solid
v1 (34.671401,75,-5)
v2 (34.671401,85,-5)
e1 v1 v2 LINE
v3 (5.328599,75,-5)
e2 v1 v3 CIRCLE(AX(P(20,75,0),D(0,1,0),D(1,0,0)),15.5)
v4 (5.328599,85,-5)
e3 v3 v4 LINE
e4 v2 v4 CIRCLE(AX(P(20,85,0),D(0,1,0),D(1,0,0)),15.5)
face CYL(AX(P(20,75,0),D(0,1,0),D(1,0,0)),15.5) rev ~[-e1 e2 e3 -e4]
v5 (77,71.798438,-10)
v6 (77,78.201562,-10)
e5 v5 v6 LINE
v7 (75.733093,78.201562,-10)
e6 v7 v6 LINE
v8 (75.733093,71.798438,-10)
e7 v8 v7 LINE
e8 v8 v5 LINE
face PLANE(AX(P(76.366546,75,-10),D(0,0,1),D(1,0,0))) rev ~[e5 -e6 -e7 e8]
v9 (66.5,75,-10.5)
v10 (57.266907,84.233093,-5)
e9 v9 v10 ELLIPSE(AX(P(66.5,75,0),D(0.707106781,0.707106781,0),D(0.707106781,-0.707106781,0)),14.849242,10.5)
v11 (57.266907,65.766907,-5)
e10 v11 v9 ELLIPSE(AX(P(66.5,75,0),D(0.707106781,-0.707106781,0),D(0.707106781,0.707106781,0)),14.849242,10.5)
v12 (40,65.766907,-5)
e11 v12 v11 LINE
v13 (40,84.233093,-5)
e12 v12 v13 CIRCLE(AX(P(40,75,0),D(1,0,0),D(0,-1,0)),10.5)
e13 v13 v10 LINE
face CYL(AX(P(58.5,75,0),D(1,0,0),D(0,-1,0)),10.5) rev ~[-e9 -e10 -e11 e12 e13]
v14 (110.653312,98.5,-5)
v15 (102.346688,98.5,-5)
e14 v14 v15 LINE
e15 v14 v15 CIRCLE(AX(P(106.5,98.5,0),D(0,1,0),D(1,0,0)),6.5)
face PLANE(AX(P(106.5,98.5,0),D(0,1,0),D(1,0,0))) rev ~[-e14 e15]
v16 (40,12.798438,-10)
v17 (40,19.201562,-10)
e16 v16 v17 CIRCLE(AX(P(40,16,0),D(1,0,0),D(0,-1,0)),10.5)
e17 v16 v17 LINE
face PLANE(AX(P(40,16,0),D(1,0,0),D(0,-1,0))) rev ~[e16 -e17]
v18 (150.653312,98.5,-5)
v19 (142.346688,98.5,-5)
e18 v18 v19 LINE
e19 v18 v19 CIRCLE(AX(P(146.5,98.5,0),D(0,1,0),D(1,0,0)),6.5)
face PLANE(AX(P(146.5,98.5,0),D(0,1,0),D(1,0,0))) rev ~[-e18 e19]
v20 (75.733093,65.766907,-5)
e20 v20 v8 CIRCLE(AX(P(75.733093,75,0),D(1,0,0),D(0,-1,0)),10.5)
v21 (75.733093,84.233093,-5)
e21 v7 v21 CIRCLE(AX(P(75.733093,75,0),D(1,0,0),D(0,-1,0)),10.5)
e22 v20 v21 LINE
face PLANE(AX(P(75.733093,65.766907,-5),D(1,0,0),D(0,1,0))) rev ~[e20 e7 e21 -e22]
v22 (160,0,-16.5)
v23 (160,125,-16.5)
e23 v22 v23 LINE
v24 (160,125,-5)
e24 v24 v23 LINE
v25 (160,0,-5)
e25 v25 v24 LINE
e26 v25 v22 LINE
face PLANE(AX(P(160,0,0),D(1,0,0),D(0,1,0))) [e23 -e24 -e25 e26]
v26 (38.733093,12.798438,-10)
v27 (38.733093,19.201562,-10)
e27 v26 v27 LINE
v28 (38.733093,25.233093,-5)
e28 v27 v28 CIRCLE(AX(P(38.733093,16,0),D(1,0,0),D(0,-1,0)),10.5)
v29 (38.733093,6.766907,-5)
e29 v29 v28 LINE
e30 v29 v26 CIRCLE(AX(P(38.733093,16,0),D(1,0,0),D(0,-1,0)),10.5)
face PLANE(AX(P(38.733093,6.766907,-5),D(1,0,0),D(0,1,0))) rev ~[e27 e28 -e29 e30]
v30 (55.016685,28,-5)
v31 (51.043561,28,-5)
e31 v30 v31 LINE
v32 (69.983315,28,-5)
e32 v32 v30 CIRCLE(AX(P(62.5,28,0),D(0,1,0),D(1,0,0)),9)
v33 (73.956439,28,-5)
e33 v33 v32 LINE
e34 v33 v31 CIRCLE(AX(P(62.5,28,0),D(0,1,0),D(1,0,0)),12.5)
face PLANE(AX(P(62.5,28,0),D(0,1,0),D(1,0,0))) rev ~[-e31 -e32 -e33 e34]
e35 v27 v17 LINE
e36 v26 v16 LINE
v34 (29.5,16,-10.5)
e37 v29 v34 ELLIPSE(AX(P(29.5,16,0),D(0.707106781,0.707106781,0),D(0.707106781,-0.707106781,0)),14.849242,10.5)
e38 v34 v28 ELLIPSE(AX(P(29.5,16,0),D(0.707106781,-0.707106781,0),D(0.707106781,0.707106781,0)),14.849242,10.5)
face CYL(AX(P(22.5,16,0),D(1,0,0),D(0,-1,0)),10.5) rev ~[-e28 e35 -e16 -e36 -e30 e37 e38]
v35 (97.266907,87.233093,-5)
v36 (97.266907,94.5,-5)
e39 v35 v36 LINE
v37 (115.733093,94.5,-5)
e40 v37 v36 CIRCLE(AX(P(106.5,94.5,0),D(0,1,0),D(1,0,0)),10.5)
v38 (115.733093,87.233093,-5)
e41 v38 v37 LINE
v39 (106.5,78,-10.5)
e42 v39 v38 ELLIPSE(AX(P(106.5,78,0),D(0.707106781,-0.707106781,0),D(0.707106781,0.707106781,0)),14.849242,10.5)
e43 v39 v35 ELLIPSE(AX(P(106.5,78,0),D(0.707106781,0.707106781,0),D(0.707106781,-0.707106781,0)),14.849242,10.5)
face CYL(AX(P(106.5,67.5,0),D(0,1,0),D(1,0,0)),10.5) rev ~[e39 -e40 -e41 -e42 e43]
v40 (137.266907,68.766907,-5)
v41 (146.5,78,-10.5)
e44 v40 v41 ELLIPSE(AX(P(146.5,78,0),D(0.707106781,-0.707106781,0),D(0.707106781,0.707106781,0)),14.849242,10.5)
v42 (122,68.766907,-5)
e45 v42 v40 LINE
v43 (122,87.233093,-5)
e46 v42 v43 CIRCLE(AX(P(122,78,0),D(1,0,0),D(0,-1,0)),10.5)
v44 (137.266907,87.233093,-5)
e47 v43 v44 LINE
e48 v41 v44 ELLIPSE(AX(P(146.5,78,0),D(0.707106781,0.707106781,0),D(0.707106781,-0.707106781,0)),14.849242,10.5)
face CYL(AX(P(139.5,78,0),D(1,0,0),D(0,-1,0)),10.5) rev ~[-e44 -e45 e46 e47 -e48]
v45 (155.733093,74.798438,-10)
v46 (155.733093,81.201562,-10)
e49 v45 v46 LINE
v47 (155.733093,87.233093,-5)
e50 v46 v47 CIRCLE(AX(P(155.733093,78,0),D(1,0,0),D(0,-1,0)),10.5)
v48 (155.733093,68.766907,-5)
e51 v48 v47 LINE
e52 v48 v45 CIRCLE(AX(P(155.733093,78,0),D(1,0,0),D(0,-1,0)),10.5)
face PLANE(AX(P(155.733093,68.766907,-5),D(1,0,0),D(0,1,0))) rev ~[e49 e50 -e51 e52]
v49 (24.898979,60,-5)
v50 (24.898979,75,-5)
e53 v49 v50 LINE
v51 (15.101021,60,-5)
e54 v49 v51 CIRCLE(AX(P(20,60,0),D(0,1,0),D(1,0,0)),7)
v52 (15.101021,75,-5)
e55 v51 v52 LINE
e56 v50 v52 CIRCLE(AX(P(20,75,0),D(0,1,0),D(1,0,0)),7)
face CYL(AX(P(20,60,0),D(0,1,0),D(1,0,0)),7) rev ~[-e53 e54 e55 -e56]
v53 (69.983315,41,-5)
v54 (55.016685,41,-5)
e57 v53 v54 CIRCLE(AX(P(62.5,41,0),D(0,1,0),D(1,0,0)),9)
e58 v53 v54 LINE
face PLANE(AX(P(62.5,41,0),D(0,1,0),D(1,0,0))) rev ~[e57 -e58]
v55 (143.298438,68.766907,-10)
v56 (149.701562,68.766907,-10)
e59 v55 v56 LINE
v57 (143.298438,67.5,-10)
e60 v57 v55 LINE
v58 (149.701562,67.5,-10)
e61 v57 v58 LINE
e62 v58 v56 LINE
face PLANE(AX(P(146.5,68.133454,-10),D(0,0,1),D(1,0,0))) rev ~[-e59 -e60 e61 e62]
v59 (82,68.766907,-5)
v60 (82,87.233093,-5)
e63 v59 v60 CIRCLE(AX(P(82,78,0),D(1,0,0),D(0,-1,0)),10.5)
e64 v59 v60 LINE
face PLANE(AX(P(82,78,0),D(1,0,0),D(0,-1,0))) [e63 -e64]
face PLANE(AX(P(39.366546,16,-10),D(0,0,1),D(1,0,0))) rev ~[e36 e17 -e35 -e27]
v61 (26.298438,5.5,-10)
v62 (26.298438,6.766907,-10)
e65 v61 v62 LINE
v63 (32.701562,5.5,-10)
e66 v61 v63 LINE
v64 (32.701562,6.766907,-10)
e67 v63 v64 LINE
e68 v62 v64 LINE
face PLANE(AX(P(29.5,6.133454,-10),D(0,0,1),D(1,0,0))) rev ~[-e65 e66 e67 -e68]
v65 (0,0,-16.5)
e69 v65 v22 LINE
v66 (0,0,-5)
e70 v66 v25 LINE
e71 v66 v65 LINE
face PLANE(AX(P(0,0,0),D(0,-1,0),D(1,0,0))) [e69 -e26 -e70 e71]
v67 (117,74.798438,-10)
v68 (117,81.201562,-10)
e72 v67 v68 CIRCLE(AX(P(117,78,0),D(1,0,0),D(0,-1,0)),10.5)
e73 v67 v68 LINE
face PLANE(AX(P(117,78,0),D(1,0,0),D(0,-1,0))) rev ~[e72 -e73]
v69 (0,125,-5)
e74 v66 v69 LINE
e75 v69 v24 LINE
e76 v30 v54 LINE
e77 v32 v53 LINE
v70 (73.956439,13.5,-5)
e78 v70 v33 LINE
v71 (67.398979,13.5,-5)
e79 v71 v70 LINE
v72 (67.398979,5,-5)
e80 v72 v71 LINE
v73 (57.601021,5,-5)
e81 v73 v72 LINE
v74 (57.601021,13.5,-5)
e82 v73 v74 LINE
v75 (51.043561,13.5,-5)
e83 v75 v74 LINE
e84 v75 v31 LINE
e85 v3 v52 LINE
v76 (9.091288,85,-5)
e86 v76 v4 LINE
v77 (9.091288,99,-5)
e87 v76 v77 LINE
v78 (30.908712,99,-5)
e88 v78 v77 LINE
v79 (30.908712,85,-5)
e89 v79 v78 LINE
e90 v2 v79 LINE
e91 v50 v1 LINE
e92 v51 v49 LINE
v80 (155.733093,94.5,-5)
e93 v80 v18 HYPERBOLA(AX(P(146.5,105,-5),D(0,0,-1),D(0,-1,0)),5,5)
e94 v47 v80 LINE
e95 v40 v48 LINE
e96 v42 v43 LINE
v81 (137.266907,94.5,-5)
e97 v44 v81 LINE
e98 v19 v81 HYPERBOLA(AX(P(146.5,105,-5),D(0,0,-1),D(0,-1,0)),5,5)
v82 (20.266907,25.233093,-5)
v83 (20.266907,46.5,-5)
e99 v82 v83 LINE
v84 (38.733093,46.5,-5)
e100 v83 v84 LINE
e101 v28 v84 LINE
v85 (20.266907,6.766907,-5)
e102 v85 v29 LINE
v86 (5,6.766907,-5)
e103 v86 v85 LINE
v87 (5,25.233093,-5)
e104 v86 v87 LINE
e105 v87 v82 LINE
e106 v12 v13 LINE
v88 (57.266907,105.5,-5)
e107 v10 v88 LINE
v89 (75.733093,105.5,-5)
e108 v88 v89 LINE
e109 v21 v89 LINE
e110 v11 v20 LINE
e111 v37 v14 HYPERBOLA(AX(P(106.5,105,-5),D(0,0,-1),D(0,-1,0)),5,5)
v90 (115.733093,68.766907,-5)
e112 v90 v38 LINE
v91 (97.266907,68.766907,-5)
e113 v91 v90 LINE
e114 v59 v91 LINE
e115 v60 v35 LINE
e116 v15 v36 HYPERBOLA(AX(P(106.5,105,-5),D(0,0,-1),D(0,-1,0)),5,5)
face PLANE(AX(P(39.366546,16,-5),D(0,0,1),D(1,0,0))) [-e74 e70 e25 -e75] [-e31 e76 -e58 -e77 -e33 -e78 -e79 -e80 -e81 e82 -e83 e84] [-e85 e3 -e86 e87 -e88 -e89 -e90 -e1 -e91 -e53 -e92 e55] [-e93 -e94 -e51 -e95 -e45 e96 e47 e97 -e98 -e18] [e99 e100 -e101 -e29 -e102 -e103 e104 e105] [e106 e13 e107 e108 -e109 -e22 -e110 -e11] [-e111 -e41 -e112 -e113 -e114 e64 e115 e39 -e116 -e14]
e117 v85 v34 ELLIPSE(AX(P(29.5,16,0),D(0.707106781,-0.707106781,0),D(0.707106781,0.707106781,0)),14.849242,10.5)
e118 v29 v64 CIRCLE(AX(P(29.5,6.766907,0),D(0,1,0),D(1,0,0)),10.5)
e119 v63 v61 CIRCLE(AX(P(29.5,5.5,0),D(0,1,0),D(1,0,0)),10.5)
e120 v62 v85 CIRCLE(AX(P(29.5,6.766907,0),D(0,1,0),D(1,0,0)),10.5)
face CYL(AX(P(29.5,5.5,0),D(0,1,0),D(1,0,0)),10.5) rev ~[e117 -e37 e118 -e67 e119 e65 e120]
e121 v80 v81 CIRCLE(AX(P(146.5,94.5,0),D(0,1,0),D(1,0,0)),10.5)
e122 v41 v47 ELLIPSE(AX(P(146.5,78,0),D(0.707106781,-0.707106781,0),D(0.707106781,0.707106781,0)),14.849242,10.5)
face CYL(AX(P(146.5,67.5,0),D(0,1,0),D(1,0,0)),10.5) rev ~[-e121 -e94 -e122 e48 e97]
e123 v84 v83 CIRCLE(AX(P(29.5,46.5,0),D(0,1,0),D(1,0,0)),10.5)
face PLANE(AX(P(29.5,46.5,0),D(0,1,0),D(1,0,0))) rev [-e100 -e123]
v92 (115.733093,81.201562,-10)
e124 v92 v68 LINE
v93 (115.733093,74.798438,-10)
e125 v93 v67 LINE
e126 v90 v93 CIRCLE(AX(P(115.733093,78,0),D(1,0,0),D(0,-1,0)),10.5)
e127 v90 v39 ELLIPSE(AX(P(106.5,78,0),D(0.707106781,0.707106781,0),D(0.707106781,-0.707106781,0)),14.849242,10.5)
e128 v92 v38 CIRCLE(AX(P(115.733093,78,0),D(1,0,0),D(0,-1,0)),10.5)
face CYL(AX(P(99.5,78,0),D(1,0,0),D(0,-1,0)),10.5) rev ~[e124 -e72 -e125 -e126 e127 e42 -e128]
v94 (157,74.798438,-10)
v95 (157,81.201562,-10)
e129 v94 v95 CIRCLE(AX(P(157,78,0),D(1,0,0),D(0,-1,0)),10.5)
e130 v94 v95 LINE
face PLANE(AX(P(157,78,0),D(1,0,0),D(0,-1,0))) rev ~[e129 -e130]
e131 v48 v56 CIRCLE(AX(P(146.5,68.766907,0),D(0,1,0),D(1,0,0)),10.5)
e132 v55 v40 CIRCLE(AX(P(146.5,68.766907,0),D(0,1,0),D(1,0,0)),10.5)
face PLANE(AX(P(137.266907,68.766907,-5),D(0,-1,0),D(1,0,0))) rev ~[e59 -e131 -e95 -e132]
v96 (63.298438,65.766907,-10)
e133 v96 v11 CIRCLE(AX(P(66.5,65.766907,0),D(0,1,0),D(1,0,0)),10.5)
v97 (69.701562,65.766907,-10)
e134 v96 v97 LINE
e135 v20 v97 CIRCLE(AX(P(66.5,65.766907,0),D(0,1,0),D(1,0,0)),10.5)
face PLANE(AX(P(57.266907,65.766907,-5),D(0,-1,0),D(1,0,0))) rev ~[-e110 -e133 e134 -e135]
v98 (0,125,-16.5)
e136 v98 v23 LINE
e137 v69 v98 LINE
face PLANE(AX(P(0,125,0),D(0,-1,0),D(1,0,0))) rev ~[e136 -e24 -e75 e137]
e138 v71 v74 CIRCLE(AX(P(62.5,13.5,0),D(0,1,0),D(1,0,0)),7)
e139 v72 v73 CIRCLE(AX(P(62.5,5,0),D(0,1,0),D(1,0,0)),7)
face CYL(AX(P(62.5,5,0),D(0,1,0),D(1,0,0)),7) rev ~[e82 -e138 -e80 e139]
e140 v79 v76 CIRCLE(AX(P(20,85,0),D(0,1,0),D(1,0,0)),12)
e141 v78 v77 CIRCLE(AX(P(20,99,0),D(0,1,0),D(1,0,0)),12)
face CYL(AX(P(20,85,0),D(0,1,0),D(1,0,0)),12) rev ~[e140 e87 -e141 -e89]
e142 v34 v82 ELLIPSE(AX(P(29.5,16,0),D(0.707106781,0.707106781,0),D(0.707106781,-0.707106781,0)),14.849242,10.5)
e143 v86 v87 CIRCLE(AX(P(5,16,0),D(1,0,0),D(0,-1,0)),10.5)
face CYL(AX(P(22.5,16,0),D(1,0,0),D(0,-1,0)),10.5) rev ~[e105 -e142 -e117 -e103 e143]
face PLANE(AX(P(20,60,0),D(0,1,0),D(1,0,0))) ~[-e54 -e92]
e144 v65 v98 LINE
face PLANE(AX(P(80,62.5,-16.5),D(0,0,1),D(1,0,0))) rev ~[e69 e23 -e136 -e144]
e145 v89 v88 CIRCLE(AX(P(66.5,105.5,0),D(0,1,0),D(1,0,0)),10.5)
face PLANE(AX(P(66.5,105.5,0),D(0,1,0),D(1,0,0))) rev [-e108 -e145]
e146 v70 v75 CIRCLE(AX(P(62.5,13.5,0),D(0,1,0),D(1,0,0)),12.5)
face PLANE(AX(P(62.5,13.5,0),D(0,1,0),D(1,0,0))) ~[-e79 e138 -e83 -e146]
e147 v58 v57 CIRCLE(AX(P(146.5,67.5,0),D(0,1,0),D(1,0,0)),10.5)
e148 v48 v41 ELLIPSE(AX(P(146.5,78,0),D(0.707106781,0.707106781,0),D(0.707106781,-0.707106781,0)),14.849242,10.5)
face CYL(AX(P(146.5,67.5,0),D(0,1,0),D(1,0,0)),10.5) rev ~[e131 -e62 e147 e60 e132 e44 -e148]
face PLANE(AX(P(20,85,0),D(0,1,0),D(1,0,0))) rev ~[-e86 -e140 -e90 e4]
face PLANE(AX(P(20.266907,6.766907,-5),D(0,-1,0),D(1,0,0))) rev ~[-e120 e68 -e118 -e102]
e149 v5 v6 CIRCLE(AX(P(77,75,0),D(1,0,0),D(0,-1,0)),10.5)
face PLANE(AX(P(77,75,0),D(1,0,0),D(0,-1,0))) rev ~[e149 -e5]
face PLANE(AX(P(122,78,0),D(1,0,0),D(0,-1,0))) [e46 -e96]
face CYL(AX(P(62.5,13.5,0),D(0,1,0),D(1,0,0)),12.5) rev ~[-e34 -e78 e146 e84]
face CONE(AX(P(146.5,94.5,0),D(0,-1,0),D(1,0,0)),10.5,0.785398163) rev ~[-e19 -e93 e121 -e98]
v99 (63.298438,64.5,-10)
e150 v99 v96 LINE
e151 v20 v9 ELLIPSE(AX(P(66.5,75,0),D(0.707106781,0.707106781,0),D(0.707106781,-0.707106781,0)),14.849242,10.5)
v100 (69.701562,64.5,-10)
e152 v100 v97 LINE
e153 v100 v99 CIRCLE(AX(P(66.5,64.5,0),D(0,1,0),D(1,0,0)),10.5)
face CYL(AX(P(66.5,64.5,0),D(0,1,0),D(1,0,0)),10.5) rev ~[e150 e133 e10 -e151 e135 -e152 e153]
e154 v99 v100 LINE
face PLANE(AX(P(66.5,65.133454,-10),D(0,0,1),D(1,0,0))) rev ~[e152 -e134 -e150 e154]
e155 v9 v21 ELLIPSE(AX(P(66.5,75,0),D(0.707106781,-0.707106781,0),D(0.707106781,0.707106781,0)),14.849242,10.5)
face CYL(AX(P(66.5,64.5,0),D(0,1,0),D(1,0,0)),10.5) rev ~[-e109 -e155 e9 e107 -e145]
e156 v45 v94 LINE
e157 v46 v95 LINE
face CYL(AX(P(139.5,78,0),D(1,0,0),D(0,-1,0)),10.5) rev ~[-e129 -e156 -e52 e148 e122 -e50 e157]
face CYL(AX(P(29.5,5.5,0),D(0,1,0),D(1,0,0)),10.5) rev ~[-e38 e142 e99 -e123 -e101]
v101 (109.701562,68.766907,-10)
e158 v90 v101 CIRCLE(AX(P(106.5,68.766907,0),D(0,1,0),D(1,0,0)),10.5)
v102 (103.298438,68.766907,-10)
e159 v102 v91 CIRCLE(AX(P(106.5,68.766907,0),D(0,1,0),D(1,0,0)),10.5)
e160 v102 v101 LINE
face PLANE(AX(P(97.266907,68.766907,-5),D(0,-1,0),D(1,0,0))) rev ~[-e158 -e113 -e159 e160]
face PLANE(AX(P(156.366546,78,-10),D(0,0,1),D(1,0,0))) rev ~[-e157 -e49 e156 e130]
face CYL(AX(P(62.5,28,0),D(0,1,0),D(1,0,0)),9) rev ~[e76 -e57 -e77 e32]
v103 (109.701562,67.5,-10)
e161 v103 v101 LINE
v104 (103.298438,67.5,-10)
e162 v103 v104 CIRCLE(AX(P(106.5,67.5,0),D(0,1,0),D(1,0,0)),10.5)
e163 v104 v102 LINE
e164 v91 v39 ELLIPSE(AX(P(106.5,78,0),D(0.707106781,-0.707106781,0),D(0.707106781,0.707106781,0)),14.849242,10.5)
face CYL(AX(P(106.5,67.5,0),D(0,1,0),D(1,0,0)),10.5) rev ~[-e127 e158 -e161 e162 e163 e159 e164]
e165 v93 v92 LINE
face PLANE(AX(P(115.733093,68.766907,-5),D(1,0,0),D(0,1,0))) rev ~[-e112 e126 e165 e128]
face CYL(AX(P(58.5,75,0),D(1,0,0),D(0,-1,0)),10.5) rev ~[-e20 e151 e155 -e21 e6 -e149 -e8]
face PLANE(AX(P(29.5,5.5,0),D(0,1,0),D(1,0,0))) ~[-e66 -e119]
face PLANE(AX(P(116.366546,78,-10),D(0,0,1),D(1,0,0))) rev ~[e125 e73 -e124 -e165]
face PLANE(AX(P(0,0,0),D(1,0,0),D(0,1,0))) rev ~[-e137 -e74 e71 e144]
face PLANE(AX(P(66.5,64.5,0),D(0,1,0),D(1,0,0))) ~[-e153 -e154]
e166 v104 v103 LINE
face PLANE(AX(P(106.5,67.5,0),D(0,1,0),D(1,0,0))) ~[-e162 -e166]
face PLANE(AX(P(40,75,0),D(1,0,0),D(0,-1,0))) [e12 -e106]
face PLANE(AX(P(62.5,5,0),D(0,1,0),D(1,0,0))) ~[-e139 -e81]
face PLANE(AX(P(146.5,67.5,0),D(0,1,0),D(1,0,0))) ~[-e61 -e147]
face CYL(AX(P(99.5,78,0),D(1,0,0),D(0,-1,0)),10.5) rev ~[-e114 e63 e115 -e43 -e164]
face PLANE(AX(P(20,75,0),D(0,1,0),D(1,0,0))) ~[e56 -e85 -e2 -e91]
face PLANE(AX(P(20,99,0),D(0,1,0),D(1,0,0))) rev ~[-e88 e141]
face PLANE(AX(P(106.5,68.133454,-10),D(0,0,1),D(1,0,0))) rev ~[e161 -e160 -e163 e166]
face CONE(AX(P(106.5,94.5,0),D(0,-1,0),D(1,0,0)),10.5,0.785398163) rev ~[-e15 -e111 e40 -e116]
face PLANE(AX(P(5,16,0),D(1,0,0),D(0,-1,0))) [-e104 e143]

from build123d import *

# Parameters (mm, degrees)
F0_W      = 160
F0_H      = 125
F1_DEPTH  = 16.5
F4_W      = 35
F4_H      = 10.5
F6_W      = 37
F6_H      = 10.5
F8_W      = 10.5
F8_H      = 20
F8_H_2    = 21
F10_W     = 35
F10_H     = 10.5
F12_W     = 10.5
F12_H     = 21
F14_W     = 10.5
F14_H     = 21
F16_W     = 10.5
F16_H     = 20
F16_H_2   = 21
F20_W     = 160
F20_H     = 5
F21_DEPTH = 160
F22_W     = 1.2669073437
F22_H     = 18.4661853126
F22_W_2   = 18.4661853126
F22_H_2   = 1.2669073437
F23_DEPTH = 5


with BuildPart() as f1:
    # F0 (on Top) → F1 (new body)
    with BuildSketch(Plane.XY):
        with Locations((80, 62.5)):
            Rectangle(F0_W, F0_H)
    extrude(amount=-F1_DEPTH)

    # F2 (on face) → F3 (revolve, cut)
    with BuildSketch(Plane.XY):
        Polygon((20, 75), (20, 60), (27, 60), (27, 75), (35.5, 75), (35.5, 85), (32, 85), (32, 99), (24.5, 99), (24.5, 113), (20, 113), (20, 99), (20, 85), align=None)
    revolve(axis=Axis((20, 92, 0), (0, 1, 0)), mode=Mode.SUBTRACT)

    # F4 (on face) → F5 (revolve, cut)
    with BuildSketch(Plane.XY):
        with Locations((22.5, 10.75)):
            Rectangle(F4_W, F4_H)
    revolve(axis=Axis((22.5, 16, 0), (1, 0, 0)), mode=Mode.SUBTRACT)

    # F6 (on face) → F7 (revolve, cut)
    with BuildSketch(Plane.XY):
        with Locations((58.5, 69.75)):
            Rectangle(F6_W, F6_H)
    revolve(axis=Axis((58.5, 75, 0), (1, 0, 0)), mode=Mode.SUBTRACT)

    # F8 (on face) → F9 (revolve, cut)
    with BuildSketch(Plane.XY):
        with Locations((71.75, 95.5)):
            Rectangle(F8_W, F8_H)
        with Locations((71.75, 75)):
            Rectangle(F8_W, F8_H_2)
    revolve(axis=Axis((66.5, 85, 0), (0, 1, 0)), mode=Mode.SUBTRACT)

    # F10 (on face) → F11 (revolve, cut)
    with BuildSketch(Plane.XY):
        with Locations((99.5, 72.75)):
            Rectangle(F10_W, F10_H)
        with Locations((139.5, 72.75)):
            Rectangle(F10_W, F10_H)
    revolve(axis=Axis((99.5, 78, 0), (1, 0, 0)), mode=Mode.SUBTRACT)

    # F12 (on face) → F13 (revolve, cut)
    with BuildSketch(Plane.XY):
        Polygon((106.5, 88.5), (117, 88.5), (117, 94.5), (113, 98.5), (106.5, 98.5), align=None)
        with Locations((111.75, 78)):
            Rectangle(F12_W, F12_H)
    revolve(axis=Axis((106.5, 83, 0), (0, 1, 0)), mode=Mode.SUBTRACT)

    # F14 (on face) → F15 (revolve, cut)
    with BuildSketch(Plane.XY):
        Polygon((146.5, 88.5), (157, 88.5), (157, 94.5), (153, 98.5), (146.5, 98.5), align=None)
        with Locations((151.75, 78)):
            Rectangle(F14_W, F14_H)
    revolve(axis=Axis((146.5, 83, 0), (0, 1, 0)), mode=Mode.SUBTRACT)

    # F16 (on face) → F17 (revolve, cut)
    with BuildSketch(Plane.XY):
        with Locations((34.75, 36.5)):
            Rectangle(F16_W, F16_H)
        with Locations((34.75, 16)):
            Rectangle(F16_W, F16_H_2)
    revolve(axis=Axis((29.5, 26, 0), (0, 1, 0)), mode=Mode.SUBTRACT)

    # F18 (on face) → F19 (revolve, cut)
    with BuildSketch(Plane.XY):
        Polygon((62.5, 13.5), (62.5, 5), (69.5, 5), (69.5, 13.5), (75, 13.5), (75, 28), (71.5, 28), (71.5, 41), (62.5, 41), (62.5, 28), align=None)
    revolve(axis=Axis((62.5, 20.75, 0), (0, 1, 0)), mode=Mode.SUBTRACT)

    # F20 (on face) → F21 (cut)
    with BuildSketch(Plane.XZ):
        with Locations((80, -2.5)):
            Rectangle(F20_W, F20_H)
    extrude(amount=-F21_DEPTH, mode=Mode.SUBTRACT)

    # F22 (on face) → F23 (join)
    with BuildSketch(Plane.XY.offset(-5)):
        with Locations((39.3665463282, 16)):
            Rectangle(F22_W, F22_H)
        with Locations((29.5, 6.1334536718)):
            Rectangle(F22_W_2, F22_H_2)
        with Locations((76.3665463282, 75)):
            Rectangle(F22_W, F22_H)
        with Locations((66.5, 65.1334536718)):
            Rectangle(F22_W_2, F22_H_2)
        with Locations((116.3665463282, 78)):
            Rectangle(F22_W, F22_H)
        with Locations((106.5, 68.1334536718)):
            Rectangle(F22_W_2, F22_H_2)
        with Locations((156.3665463282, 78)):
            Rectangle(F22_W, F22_H)
        with Locations((146.5, 68.1334536718)):
            Rectangle(F22_W_2, F22_H_2)
    extrude(amount=-F23_DEPTH)


solid = f1.part
